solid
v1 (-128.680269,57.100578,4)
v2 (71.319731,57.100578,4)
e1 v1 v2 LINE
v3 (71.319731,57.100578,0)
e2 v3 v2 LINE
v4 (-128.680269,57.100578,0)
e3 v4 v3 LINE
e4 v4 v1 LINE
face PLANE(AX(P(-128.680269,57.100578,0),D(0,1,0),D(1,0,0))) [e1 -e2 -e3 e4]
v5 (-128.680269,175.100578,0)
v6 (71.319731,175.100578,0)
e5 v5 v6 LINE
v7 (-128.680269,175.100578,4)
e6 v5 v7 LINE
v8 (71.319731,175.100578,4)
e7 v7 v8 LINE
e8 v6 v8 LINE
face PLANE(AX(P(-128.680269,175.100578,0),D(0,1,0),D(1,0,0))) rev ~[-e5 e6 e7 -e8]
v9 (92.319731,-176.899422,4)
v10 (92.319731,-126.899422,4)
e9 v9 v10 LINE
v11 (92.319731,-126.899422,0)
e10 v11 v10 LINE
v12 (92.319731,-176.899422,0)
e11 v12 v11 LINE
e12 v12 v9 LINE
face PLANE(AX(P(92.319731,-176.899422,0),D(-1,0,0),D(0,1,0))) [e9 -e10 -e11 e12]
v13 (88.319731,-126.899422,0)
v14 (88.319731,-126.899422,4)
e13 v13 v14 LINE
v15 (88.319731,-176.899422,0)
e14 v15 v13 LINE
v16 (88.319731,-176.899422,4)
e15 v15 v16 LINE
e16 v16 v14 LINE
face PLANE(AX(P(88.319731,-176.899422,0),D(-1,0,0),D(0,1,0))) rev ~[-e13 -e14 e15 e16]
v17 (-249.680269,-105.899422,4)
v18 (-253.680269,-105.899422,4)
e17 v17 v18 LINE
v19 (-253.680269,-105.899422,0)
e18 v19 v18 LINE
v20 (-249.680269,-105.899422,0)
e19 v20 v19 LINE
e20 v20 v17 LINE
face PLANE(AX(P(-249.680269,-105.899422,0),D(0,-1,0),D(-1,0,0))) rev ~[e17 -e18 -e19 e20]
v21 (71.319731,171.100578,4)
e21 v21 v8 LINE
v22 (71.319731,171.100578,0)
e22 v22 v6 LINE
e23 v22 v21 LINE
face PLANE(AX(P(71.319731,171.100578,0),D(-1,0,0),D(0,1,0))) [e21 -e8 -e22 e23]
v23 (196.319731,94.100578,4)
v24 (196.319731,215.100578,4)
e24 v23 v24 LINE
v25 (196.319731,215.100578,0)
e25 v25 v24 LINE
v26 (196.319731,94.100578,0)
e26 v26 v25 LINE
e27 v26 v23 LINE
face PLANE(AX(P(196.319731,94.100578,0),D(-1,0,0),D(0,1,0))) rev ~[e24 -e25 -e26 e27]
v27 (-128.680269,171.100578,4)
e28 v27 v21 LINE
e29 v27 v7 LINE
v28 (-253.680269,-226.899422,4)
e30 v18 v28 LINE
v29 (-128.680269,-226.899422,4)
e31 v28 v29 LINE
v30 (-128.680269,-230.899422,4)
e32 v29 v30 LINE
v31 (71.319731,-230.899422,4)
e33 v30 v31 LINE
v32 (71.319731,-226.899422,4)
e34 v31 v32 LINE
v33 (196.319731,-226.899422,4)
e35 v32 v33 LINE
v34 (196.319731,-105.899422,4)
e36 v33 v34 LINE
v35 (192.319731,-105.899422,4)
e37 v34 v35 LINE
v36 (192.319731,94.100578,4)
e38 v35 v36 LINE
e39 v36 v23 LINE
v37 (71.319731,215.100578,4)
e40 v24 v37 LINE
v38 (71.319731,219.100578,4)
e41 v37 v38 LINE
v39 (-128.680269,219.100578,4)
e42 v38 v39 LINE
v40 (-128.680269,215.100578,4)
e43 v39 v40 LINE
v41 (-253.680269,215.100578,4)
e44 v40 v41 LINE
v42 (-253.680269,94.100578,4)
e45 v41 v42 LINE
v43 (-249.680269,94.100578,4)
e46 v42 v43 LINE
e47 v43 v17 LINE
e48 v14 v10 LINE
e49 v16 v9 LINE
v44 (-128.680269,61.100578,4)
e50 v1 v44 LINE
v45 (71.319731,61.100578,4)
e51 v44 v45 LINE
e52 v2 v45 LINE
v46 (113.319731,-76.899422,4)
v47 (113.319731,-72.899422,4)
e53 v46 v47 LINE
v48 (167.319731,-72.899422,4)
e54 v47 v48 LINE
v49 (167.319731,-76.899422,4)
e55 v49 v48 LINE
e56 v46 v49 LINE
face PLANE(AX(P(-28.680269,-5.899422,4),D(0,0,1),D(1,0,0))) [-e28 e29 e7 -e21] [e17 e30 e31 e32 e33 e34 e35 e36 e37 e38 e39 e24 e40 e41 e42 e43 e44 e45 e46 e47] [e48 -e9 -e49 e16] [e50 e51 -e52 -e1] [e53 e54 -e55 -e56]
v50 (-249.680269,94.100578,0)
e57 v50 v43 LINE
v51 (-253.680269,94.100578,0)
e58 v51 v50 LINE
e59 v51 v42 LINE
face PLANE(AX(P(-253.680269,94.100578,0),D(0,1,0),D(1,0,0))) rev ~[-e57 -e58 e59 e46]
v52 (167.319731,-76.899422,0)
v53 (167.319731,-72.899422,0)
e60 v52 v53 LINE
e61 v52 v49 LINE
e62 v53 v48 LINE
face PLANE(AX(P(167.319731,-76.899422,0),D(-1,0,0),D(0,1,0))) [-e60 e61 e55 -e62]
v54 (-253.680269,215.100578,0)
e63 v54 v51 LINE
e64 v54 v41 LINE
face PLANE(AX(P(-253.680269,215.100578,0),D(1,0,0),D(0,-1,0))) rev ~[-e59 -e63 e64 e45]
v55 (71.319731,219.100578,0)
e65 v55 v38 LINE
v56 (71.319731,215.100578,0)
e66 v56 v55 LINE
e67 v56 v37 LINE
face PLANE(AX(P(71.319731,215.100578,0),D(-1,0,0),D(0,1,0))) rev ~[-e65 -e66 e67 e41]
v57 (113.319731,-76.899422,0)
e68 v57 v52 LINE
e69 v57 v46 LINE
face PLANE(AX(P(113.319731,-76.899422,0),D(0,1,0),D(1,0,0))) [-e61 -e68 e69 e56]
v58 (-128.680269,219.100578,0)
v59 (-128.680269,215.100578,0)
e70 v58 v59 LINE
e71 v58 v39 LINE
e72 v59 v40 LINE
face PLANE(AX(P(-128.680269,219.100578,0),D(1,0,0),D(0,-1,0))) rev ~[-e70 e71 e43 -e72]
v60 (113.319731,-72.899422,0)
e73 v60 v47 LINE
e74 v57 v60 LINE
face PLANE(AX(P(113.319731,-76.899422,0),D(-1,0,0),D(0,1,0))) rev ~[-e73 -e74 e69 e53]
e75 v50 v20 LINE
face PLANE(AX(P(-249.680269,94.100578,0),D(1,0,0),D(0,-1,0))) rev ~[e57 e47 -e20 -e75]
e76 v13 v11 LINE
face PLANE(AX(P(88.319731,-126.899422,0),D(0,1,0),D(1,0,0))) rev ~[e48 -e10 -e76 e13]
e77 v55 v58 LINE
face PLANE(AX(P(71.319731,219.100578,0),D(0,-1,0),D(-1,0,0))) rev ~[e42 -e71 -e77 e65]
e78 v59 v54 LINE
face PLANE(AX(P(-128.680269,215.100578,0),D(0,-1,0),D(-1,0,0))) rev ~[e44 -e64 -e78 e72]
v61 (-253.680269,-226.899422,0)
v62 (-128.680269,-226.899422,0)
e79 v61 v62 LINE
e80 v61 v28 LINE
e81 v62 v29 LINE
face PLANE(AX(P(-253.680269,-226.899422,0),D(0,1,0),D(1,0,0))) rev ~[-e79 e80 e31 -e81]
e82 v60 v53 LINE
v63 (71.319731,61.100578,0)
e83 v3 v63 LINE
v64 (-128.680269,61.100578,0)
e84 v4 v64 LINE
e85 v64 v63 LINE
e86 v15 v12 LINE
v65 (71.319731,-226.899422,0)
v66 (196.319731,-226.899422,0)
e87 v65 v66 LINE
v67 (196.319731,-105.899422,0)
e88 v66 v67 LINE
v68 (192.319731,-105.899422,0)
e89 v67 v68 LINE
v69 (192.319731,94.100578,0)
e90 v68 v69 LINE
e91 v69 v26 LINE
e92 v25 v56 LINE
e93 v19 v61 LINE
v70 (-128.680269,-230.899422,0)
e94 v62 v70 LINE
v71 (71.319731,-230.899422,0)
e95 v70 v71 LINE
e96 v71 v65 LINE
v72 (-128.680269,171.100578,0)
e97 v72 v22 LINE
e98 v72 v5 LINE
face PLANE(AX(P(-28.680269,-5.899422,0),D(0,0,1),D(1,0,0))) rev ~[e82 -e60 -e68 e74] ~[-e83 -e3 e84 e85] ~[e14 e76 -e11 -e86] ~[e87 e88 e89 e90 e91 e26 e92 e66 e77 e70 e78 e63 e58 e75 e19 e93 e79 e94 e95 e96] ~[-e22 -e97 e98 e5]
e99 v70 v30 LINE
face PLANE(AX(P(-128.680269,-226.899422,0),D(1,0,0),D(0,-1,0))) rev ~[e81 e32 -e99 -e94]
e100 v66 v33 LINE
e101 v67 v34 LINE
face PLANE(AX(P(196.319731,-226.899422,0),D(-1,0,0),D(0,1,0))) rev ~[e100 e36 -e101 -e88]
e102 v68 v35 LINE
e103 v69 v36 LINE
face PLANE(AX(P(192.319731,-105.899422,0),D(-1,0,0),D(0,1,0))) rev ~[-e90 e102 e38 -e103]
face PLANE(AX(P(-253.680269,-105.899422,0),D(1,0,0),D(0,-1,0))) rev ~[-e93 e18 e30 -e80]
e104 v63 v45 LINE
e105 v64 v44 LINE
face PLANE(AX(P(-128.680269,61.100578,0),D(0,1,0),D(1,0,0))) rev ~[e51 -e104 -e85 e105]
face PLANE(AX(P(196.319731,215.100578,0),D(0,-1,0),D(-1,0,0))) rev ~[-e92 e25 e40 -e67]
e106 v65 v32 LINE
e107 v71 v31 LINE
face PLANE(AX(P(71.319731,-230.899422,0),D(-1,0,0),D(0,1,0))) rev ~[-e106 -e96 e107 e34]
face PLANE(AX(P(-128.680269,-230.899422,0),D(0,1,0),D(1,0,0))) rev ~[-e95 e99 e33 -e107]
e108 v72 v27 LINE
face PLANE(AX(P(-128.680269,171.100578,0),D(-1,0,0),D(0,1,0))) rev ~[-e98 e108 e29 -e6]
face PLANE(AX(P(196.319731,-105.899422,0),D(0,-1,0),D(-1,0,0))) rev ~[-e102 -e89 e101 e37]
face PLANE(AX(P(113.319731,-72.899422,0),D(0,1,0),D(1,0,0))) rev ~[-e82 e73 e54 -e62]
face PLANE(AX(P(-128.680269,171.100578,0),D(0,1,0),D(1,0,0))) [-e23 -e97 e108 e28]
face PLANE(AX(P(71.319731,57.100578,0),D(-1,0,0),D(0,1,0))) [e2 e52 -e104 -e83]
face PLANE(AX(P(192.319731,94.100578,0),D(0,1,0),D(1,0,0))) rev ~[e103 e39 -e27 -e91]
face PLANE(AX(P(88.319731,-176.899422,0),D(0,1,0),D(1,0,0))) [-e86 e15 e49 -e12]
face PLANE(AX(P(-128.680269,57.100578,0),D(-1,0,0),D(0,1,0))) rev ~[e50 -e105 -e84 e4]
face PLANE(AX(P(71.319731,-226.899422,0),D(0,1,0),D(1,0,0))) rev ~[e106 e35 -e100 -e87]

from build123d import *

# Parameters (mm, degrees)
SKETCH1_W           = 4
SKETCH1_H           = 50
SKETCH1_W_2         = 54
SKETCH1_H_2         = 4
SKETCH1_W_3         = 200
BOSS_EXTRUDE1_DEPTH = 4


with BuildPart() as part:
    # Sketch1 → Boss-Extrude1 (new body)
    with BuildSketch(Plane.XY):
        Polygon((-253.680268675, -226.899422354), (-128.680268675, -226.899422354), (-128.680268675, -230.899422354), (71.319731325, -230.899422354), (71.319731325, -226.899422354), (196.319731325, -226.899422354), (196.319731325, -105.899422354), (192.319731325, -105.899422354), (192.319731325, 94.100577646), (196.319731325, 94.100577646), (196.319731325, 215.100577646), (71.319731325, 215.100577646), (71.319731325, 219.100577646), (-128.680268675, 219.100577646), (-128.680268675, 215.100577646), (-253.680268675, 215.100577646), (-253.680268675, 94.100577646), (-249.680268675, 94.100577646), (-249.680268675, -105.899422354), (-253.680268675, -105.899422354), align=None)
        with Locations((90.319731325, -151.899422354)):
            Rectangle(SKETCH1_W, SKETCH1_H, mode=Mode.SUBTRACT)
        with Locations((140.319731325, -74.899422354)):
            Rectangle(SKETCH1_W_2, SKETCH1_H_2, mode=Mode.SUBTRACT)
        with Locations((-28.680268675, 59.100577646)):
            Rectangle(SKETCH1_W_3, SKETCH1_H_2, mode=Mode.SUBTRACT)
        with Locations((-28.680268675, 173.100577646)):
            Rectangle(SKETCH1_W_3, SKETCH1_H_2, mode=Mode.SUBTRACT)
    extrude(amount=BOSS_EXTRUDE1_DEPTH)


solid = part.part
